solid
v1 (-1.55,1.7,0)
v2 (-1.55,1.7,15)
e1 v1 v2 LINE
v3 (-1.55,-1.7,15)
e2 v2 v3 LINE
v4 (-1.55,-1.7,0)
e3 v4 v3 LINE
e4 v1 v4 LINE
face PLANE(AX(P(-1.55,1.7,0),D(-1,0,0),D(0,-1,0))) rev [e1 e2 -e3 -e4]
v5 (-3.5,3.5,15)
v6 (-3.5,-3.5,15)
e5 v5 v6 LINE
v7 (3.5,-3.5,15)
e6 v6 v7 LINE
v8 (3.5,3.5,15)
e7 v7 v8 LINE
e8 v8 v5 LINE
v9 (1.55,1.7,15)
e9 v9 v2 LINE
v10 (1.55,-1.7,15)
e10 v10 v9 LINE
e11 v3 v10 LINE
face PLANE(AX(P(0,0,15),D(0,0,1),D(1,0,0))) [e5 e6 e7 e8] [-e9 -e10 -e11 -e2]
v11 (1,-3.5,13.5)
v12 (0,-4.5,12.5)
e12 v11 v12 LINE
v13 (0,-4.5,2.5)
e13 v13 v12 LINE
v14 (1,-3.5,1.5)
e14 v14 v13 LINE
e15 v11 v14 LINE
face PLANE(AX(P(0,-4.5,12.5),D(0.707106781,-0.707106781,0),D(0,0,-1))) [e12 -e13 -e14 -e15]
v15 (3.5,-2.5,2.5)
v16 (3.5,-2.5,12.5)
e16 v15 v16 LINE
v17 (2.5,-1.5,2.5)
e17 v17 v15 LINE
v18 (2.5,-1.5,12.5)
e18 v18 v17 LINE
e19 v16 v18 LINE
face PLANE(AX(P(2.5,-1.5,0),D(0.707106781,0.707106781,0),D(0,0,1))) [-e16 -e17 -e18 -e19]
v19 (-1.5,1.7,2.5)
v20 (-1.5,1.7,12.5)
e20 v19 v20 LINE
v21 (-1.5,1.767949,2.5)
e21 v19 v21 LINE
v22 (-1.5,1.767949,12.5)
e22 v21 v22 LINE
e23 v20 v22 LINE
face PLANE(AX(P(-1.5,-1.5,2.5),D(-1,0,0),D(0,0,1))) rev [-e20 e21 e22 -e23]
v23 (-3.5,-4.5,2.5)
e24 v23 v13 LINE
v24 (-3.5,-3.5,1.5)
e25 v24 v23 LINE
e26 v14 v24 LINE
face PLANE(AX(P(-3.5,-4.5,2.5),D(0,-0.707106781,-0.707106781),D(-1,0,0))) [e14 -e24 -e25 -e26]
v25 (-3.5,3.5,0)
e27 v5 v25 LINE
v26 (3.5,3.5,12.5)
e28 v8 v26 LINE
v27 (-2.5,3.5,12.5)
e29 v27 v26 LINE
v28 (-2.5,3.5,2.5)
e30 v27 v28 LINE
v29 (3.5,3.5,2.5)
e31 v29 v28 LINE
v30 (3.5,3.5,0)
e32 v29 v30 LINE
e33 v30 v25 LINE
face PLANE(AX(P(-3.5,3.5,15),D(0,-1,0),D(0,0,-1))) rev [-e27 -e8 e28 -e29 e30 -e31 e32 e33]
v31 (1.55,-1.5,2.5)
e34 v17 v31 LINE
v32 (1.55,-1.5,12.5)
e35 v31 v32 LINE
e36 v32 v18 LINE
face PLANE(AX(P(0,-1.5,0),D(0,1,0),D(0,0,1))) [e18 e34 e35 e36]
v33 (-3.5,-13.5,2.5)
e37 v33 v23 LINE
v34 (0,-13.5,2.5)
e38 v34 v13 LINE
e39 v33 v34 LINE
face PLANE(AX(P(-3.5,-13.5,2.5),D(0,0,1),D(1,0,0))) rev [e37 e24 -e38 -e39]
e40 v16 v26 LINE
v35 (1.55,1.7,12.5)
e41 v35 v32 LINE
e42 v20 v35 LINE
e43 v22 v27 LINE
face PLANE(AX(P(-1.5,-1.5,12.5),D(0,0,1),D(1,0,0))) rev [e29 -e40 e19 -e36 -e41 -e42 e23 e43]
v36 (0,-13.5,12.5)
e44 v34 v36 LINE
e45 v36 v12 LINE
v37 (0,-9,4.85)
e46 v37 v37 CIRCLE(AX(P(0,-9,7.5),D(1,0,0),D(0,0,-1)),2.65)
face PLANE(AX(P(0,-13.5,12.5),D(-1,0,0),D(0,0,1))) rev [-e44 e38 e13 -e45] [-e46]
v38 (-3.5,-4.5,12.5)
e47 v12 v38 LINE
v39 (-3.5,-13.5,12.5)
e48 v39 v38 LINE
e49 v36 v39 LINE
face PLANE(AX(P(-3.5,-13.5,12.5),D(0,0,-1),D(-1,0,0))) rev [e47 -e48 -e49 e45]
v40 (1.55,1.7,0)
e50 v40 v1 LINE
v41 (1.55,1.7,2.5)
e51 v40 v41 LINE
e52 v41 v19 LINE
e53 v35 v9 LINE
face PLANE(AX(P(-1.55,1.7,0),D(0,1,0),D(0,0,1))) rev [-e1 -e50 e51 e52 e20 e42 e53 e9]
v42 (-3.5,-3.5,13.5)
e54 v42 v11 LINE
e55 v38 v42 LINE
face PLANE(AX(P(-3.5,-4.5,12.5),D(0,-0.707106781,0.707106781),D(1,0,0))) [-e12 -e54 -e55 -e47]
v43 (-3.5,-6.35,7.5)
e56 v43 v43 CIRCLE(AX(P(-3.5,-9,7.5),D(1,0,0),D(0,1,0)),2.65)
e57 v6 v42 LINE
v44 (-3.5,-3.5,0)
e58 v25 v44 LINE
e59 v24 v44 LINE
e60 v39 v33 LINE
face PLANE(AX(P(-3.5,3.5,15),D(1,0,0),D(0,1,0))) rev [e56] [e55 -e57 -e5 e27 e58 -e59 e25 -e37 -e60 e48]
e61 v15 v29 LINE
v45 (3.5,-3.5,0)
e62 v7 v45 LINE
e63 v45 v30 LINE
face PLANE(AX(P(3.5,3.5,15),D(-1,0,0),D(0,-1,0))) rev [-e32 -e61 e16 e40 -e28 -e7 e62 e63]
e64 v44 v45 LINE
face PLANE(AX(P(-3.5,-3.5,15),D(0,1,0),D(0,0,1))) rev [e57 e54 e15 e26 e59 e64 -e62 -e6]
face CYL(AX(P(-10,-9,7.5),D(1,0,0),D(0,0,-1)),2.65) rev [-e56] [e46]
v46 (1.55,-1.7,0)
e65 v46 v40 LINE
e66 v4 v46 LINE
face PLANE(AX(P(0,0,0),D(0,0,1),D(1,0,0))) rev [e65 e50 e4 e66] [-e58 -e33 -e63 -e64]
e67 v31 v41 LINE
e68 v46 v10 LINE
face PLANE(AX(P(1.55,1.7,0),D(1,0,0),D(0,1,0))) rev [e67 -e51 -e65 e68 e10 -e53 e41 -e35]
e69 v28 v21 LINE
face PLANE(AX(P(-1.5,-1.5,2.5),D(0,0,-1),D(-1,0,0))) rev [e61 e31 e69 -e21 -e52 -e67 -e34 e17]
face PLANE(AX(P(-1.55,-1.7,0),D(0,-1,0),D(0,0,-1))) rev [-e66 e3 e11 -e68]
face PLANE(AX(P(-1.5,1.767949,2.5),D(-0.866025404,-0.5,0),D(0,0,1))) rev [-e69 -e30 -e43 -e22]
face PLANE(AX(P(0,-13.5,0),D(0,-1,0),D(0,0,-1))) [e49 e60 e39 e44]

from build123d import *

# Parameters (mm, degrees)
SKIZZE1_W                       = 7
SKIZZE1_H                       = 7
AUFSATZ_LINEAR_AUSTRAGEN1_DEPTH = 15
SKIZZE2_W                       = 3.1
SKIZZE2_H                       = 3.4
SCHNITT_LINEAR_AUSTRAGEN1_DEPTH = 16.795568999
SKIZZE3_W                       = 5
SKIZZE3_H                       = 10
SCHNITT_LINEAR_AUSTRAGEN2_DEPTH = 5
FASE2_SIZE                      = 1
FASE2_SIZE2                     = 1.732050808
SKIZZE5_W                       = 3.5
SKIZZE5_H                       = 10
AUFSATZ_LINEAR_AUSTRAGEN2_DEPTH = 10
FASE3_SIZE                      = 1
SKIZZE6_R                       = 2.65
SCHNITT_LINEAR_AUSTRAGEN3_DEPTH = 10
FASE4_SIZE                      = 1


with BuildPart() as part:
    # Skizze1 → Aufsatz-Linear austragen1 (new body)
    with BuildSketch(Plane.XY):
        Rectangle(SKIZZE1_W, SKIZZE1_H)
    extrude(amount=AUFSATZ_LINEAR_AUSTRAGEN1_DEPTH)

    # Skizze2 → Schnitt-Linear austragen1 (cut, through all)
    with BuildSketch(Plane.XY.offset(15)):
        Rectangle(SKIZZE2_W, SKIZZE2_H)
    extrude(amount=-SCHNITT_LINEAR_AUSTRAGEN1_DEPTH, mode=Mode.SUBTRACT)

    # Skizze3 → Schnitt-Linear austragen2 (cut)
    with BuildSketch(Plane(origin=(0, 3.5, 0), x_dir=(1, 0, 0), z_dir=(0, 1, 0))):
        with Locations((1, -7.5)):
            Rectangle(SKIZZE3_W, SKIZZE3_H)
    extrude(amount=-SCHNITT_LINEAR_AUSTRAGEN2_DEPTH, mode=Mode.SUBTRACT)

    # Fase2
    fase2_edges = [part.edges().sort_by_distance(p)[0] for p in [
        (-1.5, 3.5, 7.5),
    ]]
    fase2_side = [part.faces().sort_by_distance(p)[0] for p in [
        (0, 3.5, 0.165529454),
    ]]
    chamfer(fase2_edges, length=FASE2_SIZE, length2=FASE2_SIZE2, reference=fase2_side[0])

    # Skizze5 → Aufsatz-Linear austragen2 (add)
    with BuildSketch(Plane.XZ.offset(3.5)):
        with Locations((-1.75, 7.5)):
            Rectangle(SKIZZE5_W, SKIZZE5_H)
    extrude(amount=AUFSATZ_LINEAR_AUSTRAGEN2_DEPTH)

    # Fase3
    fase3_edges = [part.edges().sort_by_distance(p)[0] for p in [
        (-1.75, -3.5, 2.5),
        (0, -3.5, 7.5),
        (-1.75, -3.5, 12.5),
    ]]
    chamfer(fase3_edges, length=FASE3_SIZE)

    # Skizze6 → Schnitt-Linear austragen3 (cut)
    with BuildSketch(Plane(origin=(0, 0, 0), x_dir=(0, 0, -1), z_dir=(1, 0, 0))):
        with Locations((-7.5, -9)):
            Circle(SKIZZE6_R)
    extrude(amount=-SCHNITT_LINEAR_AUSTRAGEN3_DEPTH, mode=Mode.SUBTRACT)

    # Fase4
    fase4_edges = [part.edges().sort_by_distance(p)[0] for p in [
        (3.5, -1.5, 7.5),
    ]]
    chamfer(fase4_edges, length=FASE4_SIZE)


solid = part.part
